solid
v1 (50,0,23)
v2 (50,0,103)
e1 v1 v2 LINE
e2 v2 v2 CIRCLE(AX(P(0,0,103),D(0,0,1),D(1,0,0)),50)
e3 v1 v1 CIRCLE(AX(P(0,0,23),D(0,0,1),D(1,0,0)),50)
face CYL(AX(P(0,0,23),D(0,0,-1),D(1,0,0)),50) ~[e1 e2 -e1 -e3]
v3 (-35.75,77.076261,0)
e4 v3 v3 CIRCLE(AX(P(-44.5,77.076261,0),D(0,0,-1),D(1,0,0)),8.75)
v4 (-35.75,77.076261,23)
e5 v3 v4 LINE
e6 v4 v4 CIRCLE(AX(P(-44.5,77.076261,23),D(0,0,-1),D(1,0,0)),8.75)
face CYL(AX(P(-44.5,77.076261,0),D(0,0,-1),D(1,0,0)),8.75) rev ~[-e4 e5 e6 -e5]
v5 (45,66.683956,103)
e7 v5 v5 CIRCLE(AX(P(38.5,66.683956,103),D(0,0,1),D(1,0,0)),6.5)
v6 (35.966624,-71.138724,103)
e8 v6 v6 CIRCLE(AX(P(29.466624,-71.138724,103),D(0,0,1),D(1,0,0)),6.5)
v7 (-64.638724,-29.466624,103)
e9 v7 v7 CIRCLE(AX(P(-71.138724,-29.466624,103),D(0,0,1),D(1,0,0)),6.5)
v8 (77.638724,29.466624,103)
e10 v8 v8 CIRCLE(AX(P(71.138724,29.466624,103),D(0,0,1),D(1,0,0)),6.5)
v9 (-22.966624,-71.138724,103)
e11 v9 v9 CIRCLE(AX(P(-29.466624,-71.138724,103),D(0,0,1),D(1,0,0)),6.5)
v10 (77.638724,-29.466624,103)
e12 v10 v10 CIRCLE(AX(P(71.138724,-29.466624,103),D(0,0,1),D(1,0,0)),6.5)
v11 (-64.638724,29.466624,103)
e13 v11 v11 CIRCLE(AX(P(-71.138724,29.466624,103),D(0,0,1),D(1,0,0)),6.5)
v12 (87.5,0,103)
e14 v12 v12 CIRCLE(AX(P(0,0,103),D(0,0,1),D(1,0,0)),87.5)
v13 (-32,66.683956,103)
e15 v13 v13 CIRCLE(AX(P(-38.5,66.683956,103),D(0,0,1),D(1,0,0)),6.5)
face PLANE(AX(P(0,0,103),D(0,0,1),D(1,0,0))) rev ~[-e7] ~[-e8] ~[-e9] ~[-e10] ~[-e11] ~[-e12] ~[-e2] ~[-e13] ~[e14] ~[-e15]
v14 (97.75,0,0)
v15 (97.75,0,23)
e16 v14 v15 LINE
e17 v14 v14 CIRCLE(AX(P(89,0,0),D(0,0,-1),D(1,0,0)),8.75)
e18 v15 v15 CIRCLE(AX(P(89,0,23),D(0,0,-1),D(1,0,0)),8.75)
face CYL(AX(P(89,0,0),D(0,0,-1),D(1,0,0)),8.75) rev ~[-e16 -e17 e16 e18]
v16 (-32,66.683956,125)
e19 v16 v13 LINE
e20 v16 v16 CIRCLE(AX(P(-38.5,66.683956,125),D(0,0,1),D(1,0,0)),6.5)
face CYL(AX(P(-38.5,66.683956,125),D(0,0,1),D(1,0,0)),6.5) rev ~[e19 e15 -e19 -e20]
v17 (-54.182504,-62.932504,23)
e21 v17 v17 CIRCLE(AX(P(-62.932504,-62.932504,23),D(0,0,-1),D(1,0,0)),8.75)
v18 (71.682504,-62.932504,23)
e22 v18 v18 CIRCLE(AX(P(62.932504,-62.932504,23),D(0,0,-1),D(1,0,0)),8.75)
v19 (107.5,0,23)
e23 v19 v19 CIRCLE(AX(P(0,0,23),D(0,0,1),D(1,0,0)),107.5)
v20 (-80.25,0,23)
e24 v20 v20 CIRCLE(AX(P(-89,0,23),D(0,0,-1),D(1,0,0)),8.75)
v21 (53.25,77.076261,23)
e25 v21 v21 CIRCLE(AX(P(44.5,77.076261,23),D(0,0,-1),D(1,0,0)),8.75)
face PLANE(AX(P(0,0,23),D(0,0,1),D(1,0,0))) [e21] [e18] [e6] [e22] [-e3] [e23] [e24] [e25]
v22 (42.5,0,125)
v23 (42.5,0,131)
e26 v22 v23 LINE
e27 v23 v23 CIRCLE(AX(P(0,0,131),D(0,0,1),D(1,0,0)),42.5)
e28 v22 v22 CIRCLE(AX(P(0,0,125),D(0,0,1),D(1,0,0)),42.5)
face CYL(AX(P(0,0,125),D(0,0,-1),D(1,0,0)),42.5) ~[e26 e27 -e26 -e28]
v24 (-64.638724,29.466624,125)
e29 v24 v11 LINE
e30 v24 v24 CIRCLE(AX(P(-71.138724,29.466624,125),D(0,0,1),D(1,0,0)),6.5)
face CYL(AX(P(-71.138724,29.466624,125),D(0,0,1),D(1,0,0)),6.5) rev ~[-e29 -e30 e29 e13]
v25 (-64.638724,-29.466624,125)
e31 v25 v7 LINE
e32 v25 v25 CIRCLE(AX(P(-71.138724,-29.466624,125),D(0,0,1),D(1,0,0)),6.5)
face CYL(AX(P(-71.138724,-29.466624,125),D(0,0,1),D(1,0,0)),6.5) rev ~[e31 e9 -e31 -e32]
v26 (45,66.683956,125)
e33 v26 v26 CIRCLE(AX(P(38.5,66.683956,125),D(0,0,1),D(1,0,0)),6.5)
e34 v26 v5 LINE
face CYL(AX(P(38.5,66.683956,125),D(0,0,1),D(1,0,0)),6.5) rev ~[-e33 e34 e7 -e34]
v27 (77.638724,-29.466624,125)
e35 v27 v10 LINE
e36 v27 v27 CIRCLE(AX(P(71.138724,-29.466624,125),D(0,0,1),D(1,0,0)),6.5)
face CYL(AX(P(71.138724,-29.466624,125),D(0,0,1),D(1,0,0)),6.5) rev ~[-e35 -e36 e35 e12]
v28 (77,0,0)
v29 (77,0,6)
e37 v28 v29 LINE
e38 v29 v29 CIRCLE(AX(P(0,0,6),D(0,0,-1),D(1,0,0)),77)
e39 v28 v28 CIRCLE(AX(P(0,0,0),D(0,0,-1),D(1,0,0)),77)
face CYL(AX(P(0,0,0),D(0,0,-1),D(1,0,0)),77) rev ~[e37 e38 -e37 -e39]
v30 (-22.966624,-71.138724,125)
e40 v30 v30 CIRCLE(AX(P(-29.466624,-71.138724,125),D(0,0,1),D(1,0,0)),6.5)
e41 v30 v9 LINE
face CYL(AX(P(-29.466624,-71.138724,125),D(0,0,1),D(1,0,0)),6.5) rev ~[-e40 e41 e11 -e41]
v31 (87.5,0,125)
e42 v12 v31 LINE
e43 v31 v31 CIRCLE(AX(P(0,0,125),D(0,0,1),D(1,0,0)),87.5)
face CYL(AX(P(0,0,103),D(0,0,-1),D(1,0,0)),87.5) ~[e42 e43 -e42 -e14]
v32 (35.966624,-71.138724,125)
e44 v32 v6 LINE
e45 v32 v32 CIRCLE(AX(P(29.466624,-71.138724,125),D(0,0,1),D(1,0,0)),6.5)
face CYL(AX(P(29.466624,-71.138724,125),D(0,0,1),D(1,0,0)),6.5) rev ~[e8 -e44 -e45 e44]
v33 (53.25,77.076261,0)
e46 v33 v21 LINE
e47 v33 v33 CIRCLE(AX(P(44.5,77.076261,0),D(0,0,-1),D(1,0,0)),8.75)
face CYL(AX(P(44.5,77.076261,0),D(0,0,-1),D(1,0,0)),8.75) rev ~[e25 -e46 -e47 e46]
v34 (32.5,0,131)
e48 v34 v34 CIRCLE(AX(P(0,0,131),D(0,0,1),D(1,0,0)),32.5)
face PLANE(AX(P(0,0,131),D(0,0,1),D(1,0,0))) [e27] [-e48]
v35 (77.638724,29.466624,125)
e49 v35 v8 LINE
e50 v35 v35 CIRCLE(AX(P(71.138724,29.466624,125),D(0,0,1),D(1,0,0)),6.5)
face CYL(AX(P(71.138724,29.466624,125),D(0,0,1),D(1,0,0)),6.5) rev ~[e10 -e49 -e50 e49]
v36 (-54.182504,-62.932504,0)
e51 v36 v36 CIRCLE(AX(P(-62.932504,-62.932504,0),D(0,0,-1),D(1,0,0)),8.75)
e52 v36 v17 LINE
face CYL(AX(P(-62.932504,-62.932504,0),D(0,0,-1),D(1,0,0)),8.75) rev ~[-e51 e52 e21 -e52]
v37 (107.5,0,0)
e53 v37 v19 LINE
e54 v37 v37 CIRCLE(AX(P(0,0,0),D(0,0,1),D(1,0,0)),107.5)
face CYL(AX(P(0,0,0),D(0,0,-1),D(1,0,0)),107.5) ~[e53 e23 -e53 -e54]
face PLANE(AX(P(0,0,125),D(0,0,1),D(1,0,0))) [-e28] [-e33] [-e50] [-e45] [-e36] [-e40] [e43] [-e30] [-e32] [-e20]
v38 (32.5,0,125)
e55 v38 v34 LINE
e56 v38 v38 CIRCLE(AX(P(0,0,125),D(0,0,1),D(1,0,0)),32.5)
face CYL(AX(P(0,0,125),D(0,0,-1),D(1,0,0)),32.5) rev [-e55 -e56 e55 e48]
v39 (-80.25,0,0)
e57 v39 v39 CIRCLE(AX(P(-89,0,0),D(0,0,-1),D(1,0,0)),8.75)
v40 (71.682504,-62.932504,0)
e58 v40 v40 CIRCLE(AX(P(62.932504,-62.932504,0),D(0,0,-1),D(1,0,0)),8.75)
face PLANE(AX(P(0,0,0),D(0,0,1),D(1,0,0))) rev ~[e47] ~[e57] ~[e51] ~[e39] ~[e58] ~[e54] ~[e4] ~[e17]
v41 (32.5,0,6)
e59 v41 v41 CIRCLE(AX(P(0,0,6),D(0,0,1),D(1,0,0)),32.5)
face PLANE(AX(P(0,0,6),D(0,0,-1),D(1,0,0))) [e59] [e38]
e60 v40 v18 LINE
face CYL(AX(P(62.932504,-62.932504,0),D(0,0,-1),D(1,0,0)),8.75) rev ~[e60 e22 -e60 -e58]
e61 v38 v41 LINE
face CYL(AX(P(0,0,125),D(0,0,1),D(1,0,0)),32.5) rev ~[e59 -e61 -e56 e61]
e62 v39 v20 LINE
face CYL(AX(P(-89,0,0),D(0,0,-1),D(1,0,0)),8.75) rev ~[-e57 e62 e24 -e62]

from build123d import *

# Parameters (mm, degrees)
F0_R      = 107.5
F1_DEPTH  = 23
F2_R      = 50
F3_DEPTH  = 80
F4_R      = 87.5
F4_R_2    = 50
F5_DEPTH  = 22
F6_R      = 42.5
F6_R_2    = 32.5
F7_DEPTH  = 6
F7_FACE_R = 32.5
F8_DEPTH  = 125.001
F9_R      = 77
F10_DEPTH = 6
F11_R     = 6.5
F12_DEPTH = 25
F13_R     = 8.75
F14_DEPTH = 25


with BuildPart() as f1:
    # F0 (on Top) → F1 (new body)
    with BuildSketch(Plane.XY):
        Circle(F0_R)
    extrude(amount=F1_DEPTH)

    # F2 (on face) → F3 (join)
    with BuildSketch(Plane.XY.offset(23)):
        Circle(F2_R)
    extrude(amount=F3_DEPTH)

    # F4 (on face) → F5 (join)
    with BuildSketch(Plane.XY.offset(103)):
        Circle(F4_R)
        Circle(F4_R_2, mode=Mode.SUBTRACT)
        Circle(F4_R_2)
    extrude(amount=F5_DEPTH)

    # F6 (on face) → F7 (join)
    with BuildSketch(Plane.XY.offset(125)):
        Circle(F6_R)
        Circle(F6_R_2, mode=Mode.SUBTRACT)
    extrude(amount=F7_DEPTH)

    # F7_face (on face) → F8 (cut, through all)
    with BuildSketch(Plane.XY.offset(125)):
        Circle(F7_FACE_R)
    extrude(amount=-F8_DEPTH, mode=Mode.SUBTRACT)

    # F9 (on face) → F10 (cut)
    with BuildSketch(Plane(origin=(0, 0, 0), x_dir=(1, 0, 0), z_dir=(0, 0, -1))):
        Circle(F9_R)
    extrude(amount=-F10_DEPTH, mode=Mode.SUBTRACT)

    # F11 (on face) → F12 (cut)
    with BuildSketch(Plane.XY.offset(125)):
        with Locations((-38.5, 66.683956)):
            Circle(F11_R)
        with Locations((38.5, 66.683956)):
            Circle(F11_R)
        with Locations((71.138724, 29.466624)):
            Circle(F11_R)
        with Locations((71.138724, -29.466624)):
            Circle(F11_R)
        with Locations((29.466624, -71.138724)):
            Circle(F11_R)
        with Locations((-29.466624, -71.138724)):
            Circle(F11_R)
        with Locations((-71.138724, -29.466624)):
            Circle(F11_R)
        with Locations((-71.138724, 29.466624)):
            Circle(F11_R)
    extrude(amount=-F12_DEPTH, mode=Mode.SUBTRACT)

    # F13 (on face) → F14 (cut)
    with BuildSketch(Plane(origin=(0, 0, 0), x_dir=(1, 0, 0), z_dir=(0, 0, -1))):
        with Locations((-62.932504, 62.932504)):
            Circle(F13_R)
        with Locations((62.932504, 62.932504)):
            Circle(F13_R)
        with Locations((89, 0)):
            Circle(F13_R)
        with Locations((44.5, -77.076261)):
            Circle(F13_R)
        with Locations((-44.5, -77.076261)):
            Circle(F13_R)
        with Locations((-89, 0)):
            Circle(F13_R)
    extrude(amount=-F14_DEPTH, mode=Mode.SUBTRACT)


solid = f1.part
